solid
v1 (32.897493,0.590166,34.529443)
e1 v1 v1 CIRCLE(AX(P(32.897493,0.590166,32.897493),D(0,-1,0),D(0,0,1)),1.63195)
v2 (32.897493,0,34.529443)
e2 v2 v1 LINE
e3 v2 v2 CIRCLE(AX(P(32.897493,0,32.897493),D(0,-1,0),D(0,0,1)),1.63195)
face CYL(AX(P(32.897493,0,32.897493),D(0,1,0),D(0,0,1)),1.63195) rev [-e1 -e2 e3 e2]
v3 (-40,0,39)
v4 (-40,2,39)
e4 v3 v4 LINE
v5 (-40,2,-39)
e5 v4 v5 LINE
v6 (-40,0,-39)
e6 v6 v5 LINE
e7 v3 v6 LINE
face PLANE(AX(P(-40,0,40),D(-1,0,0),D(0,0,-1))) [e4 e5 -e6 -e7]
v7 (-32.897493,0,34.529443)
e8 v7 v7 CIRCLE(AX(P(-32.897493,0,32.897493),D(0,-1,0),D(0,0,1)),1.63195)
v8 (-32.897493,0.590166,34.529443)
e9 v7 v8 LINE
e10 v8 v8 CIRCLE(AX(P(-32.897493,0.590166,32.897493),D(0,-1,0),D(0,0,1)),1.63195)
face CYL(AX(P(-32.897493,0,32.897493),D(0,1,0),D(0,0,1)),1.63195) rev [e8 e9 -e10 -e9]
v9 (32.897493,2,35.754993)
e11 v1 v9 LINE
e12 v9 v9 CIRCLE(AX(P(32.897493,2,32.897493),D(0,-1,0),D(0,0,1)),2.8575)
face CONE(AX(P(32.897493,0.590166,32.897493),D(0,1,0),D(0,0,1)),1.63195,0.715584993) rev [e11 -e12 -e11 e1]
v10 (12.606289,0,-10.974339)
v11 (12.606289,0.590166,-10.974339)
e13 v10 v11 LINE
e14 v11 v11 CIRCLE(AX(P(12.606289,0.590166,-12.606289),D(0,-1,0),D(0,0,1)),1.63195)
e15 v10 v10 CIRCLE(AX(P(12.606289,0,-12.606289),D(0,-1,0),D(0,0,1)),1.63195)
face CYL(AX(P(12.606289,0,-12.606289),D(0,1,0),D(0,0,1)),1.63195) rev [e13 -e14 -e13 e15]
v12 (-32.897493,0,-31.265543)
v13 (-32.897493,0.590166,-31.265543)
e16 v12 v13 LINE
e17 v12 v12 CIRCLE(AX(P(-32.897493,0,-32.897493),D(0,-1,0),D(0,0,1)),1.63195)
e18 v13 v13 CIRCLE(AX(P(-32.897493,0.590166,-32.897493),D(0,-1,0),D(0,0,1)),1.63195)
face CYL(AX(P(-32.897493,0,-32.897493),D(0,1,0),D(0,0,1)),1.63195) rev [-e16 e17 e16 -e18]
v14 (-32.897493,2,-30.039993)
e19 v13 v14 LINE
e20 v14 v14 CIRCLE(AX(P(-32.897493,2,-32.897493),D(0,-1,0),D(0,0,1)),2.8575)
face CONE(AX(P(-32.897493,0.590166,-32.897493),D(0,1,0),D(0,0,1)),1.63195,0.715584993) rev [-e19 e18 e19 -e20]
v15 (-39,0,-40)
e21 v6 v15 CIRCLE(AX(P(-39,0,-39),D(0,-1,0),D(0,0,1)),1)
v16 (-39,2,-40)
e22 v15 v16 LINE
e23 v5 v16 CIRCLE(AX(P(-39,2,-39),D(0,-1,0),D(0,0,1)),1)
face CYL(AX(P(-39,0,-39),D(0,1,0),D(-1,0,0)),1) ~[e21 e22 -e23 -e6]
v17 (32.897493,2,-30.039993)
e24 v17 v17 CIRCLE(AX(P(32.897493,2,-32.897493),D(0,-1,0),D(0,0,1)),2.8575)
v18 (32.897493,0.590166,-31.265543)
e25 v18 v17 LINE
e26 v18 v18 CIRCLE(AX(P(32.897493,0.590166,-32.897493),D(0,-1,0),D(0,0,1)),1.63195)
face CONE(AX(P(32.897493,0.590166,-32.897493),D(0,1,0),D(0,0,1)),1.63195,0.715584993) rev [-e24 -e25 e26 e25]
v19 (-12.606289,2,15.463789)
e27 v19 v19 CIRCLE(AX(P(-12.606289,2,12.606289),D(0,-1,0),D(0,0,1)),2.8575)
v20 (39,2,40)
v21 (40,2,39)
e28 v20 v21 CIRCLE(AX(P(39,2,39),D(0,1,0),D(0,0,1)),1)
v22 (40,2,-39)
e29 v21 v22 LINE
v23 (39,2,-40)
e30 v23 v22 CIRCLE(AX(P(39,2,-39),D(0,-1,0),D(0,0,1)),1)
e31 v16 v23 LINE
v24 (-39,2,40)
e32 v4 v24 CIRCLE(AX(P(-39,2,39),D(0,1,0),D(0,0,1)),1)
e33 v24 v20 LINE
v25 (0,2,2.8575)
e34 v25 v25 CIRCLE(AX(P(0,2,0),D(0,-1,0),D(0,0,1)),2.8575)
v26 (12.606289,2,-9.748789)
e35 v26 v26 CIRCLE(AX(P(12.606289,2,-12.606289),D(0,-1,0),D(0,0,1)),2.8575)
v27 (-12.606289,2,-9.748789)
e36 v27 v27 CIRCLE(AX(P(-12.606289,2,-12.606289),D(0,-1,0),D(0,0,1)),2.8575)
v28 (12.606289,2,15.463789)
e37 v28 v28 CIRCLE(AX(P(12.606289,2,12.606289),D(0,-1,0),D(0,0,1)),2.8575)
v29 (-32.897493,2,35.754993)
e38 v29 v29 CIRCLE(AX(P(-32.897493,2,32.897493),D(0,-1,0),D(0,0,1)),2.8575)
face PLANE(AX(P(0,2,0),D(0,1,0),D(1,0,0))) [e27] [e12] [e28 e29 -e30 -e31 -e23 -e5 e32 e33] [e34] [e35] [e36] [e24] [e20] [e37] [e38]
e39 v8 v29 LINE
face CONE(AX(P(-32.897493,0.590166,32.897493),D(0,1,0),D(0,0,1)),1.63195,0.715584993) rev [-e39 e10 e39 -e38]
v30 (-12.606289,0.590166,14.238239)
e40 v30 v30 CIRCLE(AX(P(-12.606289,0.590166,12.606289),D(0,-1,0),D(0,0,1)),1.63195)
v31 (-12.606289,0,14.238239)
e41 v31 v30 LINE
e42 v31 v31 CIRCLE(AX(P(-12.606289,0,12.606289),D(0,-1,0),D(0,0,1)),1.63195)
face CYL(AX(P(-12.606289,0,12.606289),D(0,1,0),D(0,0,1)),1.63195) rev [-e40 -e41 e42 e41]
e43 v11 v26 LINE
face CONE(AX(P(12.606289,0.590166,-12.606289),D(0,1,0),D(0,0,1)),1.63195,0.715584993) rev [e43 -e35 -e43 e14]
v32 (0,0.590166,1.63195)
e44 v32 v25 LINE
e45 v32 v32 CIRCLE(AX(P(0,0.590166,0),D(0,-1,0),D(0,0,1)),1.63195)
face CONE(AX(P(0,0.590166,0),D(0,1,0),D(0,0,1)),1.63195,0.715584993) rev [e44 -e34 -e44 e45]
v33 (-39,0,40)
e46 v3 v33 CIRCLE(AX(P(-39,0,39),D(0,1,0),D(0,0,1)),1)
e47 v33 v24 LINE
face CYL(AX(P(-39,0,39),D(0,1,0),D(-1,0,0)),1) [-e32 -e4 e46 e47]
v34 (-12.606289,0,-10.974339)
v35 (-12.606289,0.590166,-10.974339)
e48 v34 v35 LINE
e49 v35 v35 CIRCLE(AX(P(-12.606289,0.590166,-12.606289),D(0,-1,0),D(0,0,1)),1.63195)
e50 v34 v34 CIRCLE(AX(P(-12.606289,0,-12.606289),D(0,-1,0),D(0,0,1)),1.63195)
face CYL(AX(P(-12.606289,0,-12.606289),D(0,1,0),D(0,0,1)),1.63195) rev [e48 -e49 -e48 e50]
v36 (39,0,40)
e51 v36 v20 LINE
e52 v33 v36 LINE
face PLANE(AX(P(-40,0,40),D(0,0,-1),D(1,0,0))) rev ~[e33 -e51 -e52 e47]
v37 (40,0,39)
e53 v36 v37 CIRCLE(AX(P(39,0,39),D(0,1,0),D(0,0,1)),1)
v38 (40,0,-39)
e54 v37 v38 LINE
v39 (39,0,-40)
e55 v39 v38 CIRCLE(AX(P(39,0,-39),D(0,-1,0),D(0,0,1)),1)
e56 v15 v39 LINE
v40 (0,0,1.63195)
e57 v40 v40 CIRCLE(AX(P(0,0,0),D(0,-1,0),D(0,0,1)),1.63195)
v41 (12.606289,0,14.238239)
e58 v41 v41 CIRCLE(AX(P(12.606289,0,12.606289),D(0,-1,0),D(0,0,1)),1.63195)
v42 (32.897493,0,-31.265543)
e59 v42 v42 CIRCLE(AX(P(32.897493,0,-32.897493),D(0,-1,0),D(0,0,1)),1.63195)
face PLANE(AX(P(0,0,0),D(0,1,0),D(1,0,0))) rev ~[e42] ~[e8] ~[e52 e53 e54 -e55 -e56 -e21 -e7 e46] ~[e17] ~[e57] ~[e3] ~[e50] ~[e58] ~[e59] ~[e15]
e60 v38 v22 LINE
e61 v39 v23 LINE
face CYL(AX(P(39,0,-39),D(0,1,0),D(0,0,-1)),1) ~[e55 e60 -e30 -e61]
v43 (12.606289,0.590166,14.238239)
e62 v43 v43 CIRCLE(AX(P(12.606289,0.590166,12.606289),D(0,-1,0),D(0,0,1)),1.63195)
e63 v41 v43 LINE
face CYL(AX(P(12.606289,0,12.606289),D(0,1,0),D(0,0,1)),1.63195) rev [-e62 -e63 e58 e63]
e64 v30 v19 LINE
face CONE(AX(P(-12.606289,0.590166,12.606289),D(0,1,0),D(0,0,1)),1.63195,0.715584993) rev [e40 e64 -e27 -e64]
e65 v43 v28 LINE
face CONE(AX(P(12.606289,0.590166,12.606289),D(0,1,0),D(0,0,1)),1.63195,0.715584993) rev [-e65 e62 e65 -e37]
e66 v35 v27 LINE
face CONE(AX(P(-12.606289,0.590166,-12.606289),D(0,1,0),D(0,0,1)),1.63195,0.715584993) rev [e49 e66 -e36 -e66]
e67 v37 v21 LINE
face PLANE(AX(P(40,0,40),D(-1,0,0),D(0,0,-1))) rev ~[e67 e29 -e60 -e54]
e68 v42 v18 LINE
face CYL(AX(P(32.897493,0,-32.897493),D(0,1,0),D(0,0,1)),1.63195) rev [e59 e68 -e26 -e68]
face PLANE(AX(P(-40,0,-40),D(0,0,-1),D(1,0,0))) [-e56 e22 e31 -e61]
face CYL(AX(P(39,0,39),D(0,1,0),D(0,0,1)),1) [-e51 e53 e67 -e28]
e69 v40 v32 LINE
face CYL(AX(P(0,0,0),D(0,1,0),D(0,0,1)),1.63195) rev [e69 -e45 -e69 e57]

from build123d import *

# Parameters (mm, degrees)
ESQUISSE1_W                                  = 80
ESQUISSE1_H                                  = 80
BOSS_EXTRU_1_DEPTH                           = 2
FRAISAGE_POUR_VIS_T_TE_FRAIS_E_BOM_2_COUNT   = 2
FRAISAGE_POUR_VIS_T_TE_FRAIS_E_BOM_2_PITCH   = 65.794986025
FRAISAGE_POUR_VIS_T_TE_FRAIS_E_BOM_3_COUNT   = 2
FRAISAGE_POUR_VIS_T_TE_FRAIS_E_BOM_3_PITCH   = 93.048161572
FRAISAGE_POUR_VIS_T_TE_FRAIS_E_BOM_4_COUNT   = 2
FRAISAGE_POUR_VIS_T_TE_FRAIS_E_BOM_4_PITCH   = 65.794986025
FRAISAGE_POUR_VIS_T_TE_FRAIS_E_BOM_6_A_COUNT = 2
FRAISAGE_POUR_VIS_T_TE_FRAIS_E_BOM_6_A_PITCH = 25.212578074
FRAISAGE_POUR_VIS_T_TE_FRAIS_E_BOM_7_COUNT   = 2
FRAISAGE_POUR_VIS_T_TE_FRAIS_E_BOM_7_PITCH   = 35.655969855
FRAISAGE_POUR_VIS_T_TE_FRAIS_E_BOM_8_COUNT   = 2
FRAISAGE_POUR_VIS_T_TE_FRAIS_E_BOM_8_PITCH   = 25.212578074
CONG_1_R                                     = 1
CONG_2_R                                     = 1


with BuildPart() as part:
    # Esquisse1 → Boss.-Extru.1 (new body)
    with BuildSketch(Plane(origin=(0, 0, 0), x_dir=(1, 0, 0), z_dir=(0, 1, 0))):
        Rectangle(ESQUISSE1_W, ESQUISSE1_H)
    extrude(amount=BOSS_EXTRU_1_DEPTH)

    # Esquisse3 → Fraisage pour vis _ t_te frais_e bomb_e (revolve, cut)
    with BuildSketch(Plane(origin=(-32.897493012, 2, -32.897493012), x_dir=(0, 0, 1), z_dir=(1, 0, 0))):
        Polygon((0, 0), (0, 2), (1.63195, 2), (1.63195, 1.409834001), (2.8575, 0), align=None)
    fraisage_pour_vis_t_te_frais_e_bomb_e = revolve(axis=Axis((-32.897493012, 8.35, -32.897493012), (0, -1, 0)), mode=Mode.SUBTRACT)

    # Fraisage pour vis _ t_te frais_e bom 2: Fraisage pour vis _ t_te frais_e bomb_e ×2
    with Locations(*[(i * FRAISAGE_POUR_VIS_T_TE_FRAIS_E_BOM_2_PITCH, 0, 0) for i in range(1, FRAISAGE_POUR_VIS_T_TE_FRAIS_E_BOM_2_COUNT)]):
        add(fraisage_pour_vis_t_te_frais_e_bomb_e, mode=Mode.SUBTRACT)

    # Fraisage pour vis _ t_te frais_e bom 3: Fraisage pour vis _ t_te frais_e bomb_e ×2
    with Locations(*[Vector(0.707106781, 0, 0.707106781) * (i * FRAISAGE_POUR_VIS_T_TE_FRAIS_E_BOM_3_PITCH) for i in range(1, FRAISAGE_POUR_VIS_T_TE_FRAIS_E_BOM_3_COUNT)]):
        add(fraisage_pour_vis_t_te_frais_e_bomb_e, mode=Mode.SUBTRACT)

    # Fraisage pour vis _ t_te frais_e bom 4: Fraisage pour vis _ t_te frais_e bomb_e ×2
    with Locations(*[(0, 0, i * FRAISAGE_POUR_VIS_T_TE_FRAIS_E_BOM_4_PITCH) for i in range(1, FRAISAGE_POUR_VIS_T_TE_FRAIS_E_BOM_4_COUNT)]):
        add(fraisage_pour_vis_t_te_frais_e_bomb_e, mode=Mode.SUBTRACT)

    # Esquisse6 → Fraisage pour vis _ t_te frais_e bom 5 (revolve, cut)
    with BuildSketch(Plane(origin=(0, 2, 0), x_dir=(0, 0, 1), z_dir=(1, 0, 0))):
        Polygon((0, 0), (0, 2), (1.63195, 2), (1.63195, 1.409834001), (2.8575, 0), align=None)
    revolve(axis=Axis((0, 8.35, 0), (0, -1, 0)), mode=Mode.SUBTRACT)

    # Esquisse8 → Fraisage pour vis _ t_te frais_e bom 6 (revolve, cut)
    with BuildSketch(Plane(origin=(-12.606289037, 2, -12.606289037), x_dir=(0, 0, 1), z_dir=(1, 0, 0))):
        Polygon((0, 0), (0, 2), (1.63195, 2), (1.63195, 1.409834001), (2.8575, 0), align=None)
    fraisage_pour_vis_t_te_frais_e_bom_6 = revolve(axis=Axis((-12.606289037, 8.35, -12.606289037), (0, -1, 0)), mode=Mode.SUBTRACT)

    # Fraisage pour vis _ t_te frais_e bom 6 a: Fraisage pour vis _ t_te frais_e bom 6 ×2
    with Locations(*[(i * FRAISAGE_POUR_VIS_T_TE_FRAIS_E_BOM_6_A_PITCH, 0, 0) for i in range(1, FRAISAGE_POUR_VIS_T_TE_FRAIS_E_BOM_6_A_COUNT)]):
        add(fraisage_pour_vis_t_te_frais_e_bom_6, mode=Mode.SUBTRACT)

    # Fraisage pour vis _ t_te frais_e bom 7: Fraisage pour vis _ t_te frais_e bom 6 ×2
    with Locations(*[Vector(0.707106781, 0, 0.707106781) * (i * FRAISAGE_POUR_VIS_T_TE_FRAIS_E_BOM_7_PITCH) for i in range(1, FRAISAGE_POUR_VIS_T_TE_FRAIS_E_BOM_7_COUNT)]):
        add(fraisage_pour_vis_t_te_frais_e_bom_6, mode=Mode.SUBTRACT)

    # Fraisage pour vis _ t_te frais_e bom 8: Fraisage pour vis _ t_te frais_e bom 6 ×2
    with Locations(*[(0, 0, i * FRAISAGE_POUR_VIS_T_TE_FRAIS_E_BOM_8_PITCH) for i in range(1, FRAISAGE_POUR_VIS_T_TE_FRAIS_E_BOM_8_COUNT)]):
        add(fraisage_pour_vis_t_te_frais_e_bom_6, mode=Mode.SUBTRACT)

    # Congé1
    cong_1_edges = [part.edges().sort_by_distance(p)[0] for p in [
        (-40, 1, 40),
    ]]
    fillet(cong_1_edges, radius=CONG_1_R)

    # Congé2
    cong_2_edges = [part.edges().sort_by_distance(p)[0] for p in [
        (40, 1, 40),
        (-40, 1, -40),
        (40, 1, -40),
    ]]
    fillet(cong_2_edges, radius=CONG_2_R)


solid = part.part
